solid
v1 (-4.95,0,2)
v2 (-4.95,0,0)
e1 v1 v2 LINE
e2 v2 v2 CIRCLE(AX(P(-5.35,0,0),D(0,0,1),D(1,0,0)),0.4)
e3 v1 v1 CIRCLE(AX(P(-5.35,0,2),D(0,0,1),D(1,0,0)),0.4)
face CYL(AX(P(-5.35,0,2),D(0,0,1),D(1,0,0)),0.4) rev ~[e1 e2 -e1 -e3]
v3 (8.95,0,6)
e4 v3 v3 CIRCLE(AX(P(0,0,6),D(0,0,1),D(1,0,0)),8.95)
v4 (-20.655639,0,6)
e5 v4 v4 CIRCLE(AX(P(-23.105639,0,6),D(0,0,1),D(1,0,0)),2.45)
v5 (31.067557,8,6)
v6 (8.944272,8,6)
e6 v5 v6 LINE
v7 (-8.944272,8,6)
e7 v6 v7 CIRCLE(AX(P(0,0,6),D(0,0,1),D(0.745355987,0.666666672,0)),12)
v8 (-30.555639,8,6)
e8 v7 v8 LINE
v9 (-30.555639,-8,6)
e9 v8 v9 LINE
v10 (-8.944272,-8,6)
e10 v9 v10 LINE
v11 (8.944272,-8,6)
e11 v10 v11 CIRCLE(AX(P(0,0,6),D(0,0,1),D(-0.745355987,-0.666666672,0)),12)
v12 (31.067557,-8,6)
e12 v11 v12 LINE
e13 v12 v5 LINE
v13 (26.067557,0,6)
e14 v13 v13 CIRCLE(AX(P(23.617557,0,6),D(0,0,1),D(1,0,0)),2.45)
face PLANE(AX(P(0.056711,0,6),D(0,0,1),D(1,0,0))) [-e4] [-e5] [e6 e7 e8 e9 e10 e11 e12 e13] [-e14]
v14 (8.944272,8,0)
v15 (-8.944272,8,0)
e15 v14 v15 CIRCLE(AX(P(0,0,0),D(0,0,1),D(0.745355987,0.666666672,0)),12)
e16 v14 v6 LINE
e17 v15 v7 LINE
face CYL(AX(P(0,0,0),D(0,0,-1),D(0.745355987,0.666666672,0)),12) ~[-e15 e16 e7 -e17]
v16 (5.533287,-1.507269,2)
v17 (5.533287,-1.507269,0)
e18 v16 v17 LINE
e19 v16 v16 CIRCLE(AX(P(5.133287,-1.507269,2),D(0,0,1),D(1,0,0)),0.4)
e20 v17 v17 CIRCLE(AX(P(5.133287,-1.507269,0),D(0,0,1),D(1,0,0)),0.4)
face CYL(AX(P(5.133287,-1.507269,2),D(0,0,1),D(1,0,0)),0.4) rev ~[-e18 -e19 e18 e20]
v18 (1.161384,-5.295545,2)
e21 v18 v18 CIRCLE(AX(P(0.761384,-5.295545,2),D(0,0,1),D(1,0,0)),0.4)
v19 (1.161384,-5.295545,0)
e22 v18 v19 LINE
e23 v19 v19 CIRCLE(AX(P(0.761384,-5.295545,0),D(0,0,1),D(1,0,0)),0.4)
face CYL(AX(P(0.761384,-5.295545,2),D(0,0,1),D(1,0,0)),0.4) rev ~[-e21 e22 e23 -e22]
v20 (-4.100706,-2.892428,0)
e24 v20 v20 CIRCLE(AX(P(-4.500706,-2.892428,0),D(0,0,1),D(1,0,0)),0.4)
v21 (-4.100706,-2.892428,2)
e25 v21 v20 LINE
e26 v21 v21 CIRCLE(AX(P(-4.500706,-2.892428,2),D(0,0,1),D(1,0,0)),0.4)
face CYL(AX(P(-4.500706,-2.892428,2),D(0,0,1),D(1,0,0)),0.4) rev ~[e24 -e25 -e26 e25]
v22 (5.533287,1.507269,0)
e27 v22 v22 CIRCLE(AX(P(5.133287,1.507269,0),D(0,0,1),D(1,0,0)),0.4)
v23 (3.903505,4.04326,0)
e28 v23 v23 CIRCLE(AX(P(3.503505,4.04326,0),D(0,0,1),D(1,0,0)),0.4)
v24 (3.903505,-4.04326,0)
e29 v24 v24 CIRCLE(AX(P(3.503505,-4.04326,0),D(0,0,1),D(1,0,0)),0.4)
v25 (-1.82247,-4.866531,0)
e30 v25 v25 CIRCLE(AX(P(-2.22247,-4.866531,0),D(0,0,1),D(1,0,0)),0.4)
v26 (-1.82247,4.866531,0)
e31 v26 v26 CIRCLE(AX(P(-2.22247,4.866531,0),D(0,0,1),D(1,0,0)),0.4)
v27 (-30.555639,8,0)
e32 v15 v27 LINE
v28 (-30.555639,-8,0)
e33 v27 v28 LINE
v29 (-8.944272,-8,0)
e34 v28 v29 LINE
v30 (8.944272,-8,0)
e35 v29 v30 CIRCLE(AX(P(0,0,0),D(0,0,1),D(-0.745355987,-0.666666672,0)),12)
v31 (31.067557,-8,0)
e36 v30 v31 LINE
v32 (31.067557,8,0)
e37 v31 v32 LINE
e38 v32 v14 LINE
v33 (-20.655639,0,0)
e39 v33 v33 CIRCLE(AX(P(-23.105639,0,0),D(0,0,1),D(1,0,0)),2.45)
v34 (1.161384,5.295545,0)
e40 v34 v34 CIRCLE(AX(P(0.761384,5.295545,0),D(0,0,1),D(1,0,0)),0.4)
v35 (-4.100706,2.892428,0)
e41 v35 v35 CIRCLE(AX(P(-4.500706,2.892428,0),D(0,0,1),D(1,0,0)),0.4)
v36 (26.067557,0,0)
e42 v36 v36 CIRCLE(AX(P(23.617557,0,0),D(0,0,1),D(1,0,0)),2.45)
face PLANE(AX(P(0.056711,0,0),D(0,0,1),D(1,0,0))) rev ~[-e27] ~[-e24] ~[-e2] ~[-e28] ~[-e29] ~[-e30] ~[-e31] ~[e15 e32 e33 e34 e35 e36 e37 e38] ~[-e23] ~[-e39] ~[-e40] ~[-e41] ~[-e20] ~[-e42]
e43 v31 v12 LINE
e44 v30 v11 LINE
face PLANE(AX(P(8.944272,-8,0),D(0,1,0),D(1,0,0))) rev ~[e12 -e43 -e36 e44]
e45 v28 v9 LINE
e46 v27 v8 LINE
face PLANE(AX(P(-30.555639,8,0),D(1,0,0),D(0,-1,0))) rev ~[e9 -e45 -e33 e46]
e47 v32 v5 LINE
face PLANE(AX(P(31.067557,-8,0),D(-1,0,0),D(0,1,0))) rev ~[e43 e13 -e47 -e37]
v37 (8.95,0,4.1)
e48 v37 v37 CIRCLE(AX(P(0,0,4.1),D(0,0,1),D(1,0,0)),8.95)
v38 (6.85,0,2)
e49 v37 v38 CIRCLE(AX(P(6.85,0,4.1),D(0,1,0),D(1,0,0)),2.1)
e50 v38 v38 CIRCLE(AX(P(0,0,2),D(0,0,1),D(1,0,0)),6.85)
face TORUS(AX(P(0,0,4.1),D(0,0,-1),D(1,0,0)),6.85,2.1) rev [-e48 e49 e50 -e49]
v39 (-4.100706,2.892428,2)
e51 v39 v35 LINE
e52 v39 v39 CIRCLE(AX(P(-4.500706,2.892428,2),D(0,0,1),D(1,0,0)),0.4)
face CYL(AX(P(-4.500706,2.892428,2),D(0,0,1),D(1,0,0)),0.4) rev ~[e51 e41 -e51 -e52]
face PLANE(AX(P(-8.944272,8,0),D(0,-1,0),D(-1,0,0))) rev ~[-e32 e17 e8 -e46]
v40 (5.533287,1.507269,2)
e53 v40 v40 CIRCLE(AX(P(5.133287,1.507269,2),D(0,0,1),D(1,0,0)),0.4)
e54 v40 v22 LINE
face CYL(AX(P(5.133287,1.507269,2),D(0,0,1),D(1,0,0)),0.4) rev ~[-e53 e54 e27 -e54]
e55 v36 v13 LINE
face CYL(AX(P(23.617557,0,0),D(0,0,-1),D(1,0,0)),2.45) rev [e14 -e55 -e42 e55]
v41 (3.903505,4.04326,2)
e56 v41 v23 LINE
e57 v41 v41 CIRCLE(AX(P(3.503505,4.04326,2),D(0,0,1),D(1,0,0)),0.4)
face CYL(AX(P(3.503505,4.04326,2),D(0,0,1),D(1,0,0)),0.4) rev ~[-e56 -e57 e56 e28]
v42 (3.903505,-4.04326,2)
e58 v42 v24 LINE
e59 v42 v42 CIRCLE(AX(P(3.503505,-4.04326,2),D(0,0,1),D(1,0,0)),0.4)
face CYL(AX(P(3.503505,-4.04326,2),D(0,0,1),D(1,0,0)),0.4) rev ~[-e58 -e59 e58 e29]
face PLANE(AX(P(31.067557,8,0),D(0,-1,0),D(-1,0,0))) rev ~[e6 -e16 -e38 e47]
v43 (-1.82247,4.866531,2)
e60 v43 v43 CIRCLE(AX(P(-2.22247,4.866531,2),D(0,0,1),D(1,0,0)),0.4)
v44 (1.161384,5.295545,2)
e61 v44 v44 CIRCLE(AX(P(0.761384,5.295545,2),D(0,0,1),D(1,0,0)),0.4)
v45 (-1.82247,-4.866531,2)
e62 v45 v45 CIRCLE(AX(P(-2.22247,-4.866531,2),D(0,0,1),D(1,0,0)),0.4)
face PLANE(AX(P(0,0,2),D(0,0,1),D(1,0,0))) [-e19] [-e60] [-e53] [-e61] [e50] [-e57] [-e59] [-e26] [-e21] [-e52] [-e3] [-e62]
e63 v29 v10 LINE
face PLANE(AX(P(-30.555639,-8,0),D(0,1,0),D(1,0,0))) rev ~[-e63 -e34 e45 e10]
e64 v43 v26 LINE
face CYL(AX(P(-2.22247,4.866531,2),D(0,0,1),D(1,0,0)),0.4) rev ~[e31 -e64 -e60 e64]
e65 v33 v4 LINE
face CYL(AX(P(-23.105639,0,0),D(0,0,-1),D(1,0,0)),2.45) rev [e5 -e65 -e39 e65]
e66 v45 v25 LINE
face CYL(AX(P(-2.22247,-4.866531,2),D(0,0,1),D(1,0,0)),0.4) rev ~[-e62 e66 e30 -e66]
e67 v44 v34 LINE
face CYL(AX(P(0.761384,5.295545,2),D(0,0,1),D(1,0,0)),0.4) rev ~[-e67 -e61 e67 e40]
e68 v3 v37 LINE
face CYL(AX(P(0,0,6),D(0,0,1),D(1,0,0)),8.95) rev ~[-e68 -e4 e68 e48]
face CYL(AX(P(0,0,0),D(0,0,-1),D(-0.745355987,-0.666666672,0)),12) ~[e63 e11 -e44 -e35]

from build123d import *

# Parameters (mm, degrees)
F0_R     = 2.45
F1_DEPTH = 6
F2_R     = 8.95
F3_DEPTH = 4
F4_R     = 2.1
F5_R     = 0.4
F6_DEPTH = 2.001


with BuildPart() as f1:
    # F0 (on Top) → F1 (new body)
    with BuildSketch(Plane.XY):
        with BuildLine():
            ThreePointArc((8.944272, -8), (11.210068, -4.281865), (12, 0))
            ThreePointArc((12, 0), (11.210068, 4.281865), (8.944272, 8))
            ThreePointArc((8.944272, 8), (0, 12), (-8.944272, 8))
            ThreePointArc((-8.944272, 8), (-12, 0), (-8.944272, -8))
            ThreePointArc((-8.944272, -8), (0, -12), (8.944272, -8))
        make_face()
        with BuildLine():
            ThreePointArc((8.944272, 8), (11.210068, 4.281865), (12, 0))
            ThreePointArc((12, 0), (11.210068, -4.281865), (8.944272, -8))
            Line((8.944272, -8), (31.067557, -8))
            Line((31.067557, -8), (31.067557, 8))
            Line((31.067557, 8), (8.944272, 8))
        make_face()
        with Locations((23.617557, 0)):
            Circle(F0_R, mode=Mode.SUBTRACT)
        with BuildLine():
            ThreePointArc((-8.944272, -8), (-12, 0), (-8.944272, 8))
            Line((-8.944272, 8), (-30.555639, 8))
            Line((-30.555639, 8), (-30.555639, -8))
            Line((-30.555639, -8), (-8.944272, -8))
        make_face()
        with Locations((-23.105639, 0)):
            Circle(F0_R, mode=Mode.SUBTRACT)
    extrude(amount=F1_DEPTH)

    # F2 (on face) → F3 (cut)
    with BuildSketch(Plane.XY.offset(6)):
        Circle(F2_R)
    extrude(amount=-F3_DEPTH, mode=Mode.SUBTRACT)

    # F4
    f4_edges = [f1.edges().sort_by_distance(p)[0] for p in [
        (-8.95, 0, 2),
    ]]
    fillet(f4_edges, radius=F4_R)

    # F5 (on face) → F6 (cut, through all)
    with BuildSketch(Plane.XY.offset(2)):
        with Locations((-5.35, 0)):
            Circle(F5_R)
        with Locations((-4.500706, -2.892428)):
            Circle(F5_R)
        with Locations((-2.22247, -4.866531)):
            Circle(F5_R)
        with Locations((0.761384, -5.295545)):
            Circle(F5_R)
        with Locations((3.503505, -4.04326)):
            Circle(F5_R)
        with Locations((5.133287, -1.507269)):
            Circle(F5_R)
        with Locations((5.133287, 1.507269)):
            Circle(F5_R)
        with Locations((3.503505, 4.04326)):
            Circle(F5_R)
        with Locations((0.761384, 5.295545)):
            Circle(F5_R)
        with Locations((-2.22247, 4.866531)):
            Circle(F5_R)
        with Locations((-4.500706, 2.892428)):
            Circle(F5_R)
    extrude(amount=-F6_DEPTH, mode=Mode.SUBTRACT)


solid = f1.part
